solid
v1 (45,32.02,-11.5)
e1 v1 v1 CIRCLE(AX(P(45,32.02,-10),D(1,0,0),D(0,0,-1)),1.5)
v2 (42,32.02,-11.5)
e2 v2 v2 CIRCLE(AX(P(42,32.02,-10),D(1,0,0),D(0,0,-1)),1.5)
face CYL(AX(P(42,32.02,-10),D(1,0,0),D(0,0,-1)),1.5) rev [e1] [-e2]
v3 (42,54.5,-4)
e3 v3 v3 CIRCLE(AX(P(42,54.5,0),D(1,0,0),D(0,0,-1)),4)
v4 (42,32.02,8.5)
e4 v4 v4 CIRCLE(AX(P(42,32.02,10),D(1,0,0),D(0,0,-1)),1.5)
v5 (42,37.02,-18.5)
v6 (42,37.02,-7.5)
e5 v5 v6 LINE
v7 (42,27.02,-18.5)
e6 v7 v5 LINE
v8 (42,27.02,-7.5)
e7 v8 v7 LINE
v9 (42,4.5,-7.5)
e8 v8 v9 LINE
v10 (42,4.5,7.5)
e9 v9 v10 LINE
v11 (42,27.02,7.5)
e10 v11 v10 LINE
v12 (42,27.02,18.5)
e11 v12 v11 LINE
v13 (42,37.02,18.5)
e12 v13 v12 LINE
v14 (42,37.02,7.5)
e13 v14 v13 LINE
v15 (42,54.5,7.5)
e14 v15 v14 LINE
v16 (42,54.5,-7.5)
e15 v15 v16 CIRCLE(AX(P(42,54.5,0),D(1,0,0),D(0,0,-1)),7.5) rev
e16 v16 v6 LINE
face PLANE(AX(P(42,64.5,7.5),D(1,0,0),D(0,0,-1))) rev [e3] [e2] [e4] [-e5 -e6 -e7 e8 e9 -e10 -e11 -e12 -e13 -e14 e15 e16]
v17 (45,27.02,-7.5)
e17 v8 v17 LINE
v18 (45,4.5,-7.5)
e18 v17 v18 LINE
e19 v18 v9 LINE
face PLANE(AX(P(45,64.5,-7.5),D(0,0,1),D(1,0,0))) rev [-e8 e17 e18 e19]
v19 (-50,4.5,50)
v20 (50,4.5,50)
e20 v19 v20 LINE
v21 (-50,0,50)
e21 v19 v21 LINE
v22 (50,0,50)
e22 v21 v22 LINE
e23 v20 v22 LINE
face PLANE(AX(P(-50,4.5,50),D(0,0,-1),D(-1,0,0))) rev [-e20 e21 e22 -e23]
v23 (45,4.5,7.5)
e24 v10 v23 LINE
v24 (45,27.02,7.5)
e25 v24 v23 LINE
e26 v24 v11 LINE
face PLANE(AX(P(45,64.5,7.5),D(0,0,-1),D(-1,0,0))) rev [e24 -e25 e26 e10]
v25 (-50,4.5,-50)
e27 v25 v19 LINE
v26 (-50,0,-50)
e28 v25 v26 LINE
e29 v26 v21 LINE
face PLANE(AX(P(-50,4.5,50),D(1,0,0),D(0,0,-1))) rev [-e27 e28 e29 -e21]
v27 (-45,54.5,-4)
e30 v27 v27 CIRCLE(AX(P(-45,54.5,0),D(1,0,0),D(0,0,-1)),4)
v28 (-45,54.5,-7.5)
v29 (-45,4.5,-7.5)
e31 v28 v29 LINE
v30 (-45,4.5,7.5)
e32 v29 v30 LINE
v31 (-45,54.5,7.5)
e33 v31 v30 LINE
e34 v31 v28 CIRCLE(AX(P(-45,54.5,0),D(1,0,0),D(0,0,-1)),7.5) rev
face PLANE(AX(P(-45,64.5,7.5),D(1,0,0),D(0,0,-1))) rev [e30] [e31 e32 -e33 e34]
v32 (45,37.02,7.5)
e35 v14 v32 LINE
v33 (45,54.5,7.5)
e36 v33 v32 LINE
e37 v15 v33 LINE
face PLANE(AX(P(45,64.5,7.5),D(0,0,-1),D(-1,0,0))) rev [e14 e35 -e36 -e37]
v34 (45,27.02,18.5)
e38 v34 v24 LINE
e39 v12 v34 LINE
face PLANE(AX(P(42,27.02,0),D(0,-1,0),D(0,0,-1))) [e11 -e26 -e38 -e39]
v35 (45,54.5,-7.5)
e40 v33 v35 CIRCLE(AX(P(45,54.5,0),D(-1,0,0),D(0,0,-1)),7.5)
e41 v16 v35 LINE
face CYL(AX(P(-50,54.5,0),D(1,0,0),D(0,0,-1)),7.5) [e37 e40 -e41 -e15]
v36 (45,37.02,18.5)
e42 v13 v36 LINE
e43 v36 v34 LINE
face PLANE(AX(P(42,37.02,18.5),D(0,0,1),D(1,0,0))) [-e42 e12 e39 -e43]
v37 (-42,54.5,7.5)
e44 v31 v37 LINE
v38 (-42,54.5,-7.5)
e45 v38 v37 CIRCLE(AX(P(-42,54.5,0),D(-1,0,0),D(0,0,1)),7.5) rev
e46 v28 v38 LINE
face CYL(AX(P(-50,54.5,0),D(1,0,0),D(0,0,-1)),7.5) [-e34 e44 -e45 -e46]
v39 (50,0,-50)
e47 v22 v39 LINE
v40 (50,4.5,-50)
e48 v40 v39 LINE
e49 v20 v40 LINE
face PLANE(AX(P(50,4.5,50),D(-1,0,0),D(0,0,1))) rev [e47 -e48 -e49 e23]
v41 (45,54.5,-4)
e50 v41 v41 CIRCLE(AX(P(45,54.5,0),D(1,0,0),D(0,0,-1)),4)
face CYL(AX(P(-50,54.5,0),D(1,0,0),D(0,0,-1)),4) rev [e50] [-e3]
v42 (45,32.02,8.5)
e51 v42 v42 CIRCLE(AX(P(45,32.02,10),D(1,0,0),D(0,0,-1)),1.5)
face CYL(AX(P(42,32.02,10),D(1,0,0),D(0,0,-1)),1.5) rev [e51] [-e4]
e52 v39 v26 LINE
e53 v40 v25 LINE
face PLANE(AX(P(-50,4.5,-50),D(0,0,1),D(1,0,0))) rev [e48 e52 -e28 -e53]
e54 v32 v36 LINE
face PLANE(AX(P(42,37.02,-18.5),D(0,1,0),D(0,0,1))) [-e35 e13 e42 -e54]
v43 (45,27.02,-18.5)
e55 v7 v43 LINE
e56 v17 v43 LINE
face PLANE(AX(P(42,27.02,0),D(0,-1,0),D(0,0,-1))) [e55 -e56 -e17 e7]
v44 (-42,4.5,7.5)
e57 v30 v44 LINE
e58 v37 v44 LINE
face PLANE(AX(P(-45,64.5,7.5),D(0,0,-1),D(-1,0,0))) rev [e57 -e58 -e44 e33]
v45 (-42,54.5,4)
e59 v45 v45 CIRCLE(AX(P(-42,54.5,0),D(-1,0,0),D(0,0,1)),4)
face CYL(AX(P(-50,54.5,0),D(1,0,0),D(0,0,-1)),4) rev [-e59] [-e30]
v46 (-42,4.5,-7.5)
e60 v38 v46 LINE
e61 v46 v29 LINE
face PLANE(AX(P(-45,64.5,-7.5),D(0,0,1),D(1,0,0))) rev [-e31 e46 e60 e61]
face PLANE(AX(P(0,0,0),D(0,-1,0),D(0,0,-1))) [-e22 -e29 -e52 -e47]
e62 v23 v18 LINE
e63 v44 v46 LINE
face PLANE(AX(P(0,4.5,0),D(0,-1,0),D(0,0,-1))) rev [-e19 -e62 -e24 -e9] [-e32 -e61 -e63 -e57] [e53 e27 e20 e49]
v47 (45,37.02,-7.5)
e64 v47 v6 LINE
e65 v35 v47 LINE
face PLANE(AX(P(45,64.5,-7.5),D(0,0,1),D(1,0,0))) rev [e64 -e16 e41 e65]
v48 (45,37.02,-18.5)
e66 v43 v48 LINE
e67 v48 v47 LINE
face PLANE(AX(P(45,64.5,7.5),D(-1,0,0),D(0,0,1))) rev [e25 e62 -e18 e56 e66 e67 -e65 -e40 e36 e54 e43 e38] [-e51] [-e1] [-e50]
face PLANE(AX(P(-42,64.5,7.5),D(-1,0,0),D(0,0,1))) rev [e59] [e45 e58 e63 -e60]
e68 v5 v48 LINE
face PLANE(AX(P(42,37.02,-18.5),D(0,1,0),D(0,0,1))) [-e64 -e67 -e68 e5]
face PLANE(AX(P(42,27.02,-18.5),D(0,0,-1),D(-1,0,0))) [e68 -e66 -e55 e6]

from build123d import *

# Parameters (mm, degrees)
SKETCH1_W           = 100
SKETCH1_H           = 100
BOSS_EXTRUDE1_DEPTH = 4.5
SKETCH2_W           = 3
SKETCH2_H           = 15
BOSS_EXTRUDE2_DEPTH = 60
SKETCH3_R           = 4
CUT_EXTRUDE1_DEPTH  = 96
SKETCH4_R           = 1.5
BOSS_EXTRUDE3_DEPTH = 3


with BuildPart() as part:
    # Sketch1 → Boss-Extrude1 (new body)
    with BuildSketch(Plane(origin=(0, 0, 0), x_dir=(1, 0, 0), z_dir=(0, 1, 0))):
        Rectangle(SKETCH1_W, SKETCH1_H)
    extrude(amount=BOSS_EXTRUDE1_DEPTH)

    # Sketch2 → Boss-Extrude2 (add)
    with BuildSketch(Plane(origin=(0, 4.5, 0), x_dir=(1, 0, 0), z_dir=(0, 1, 0))):
        with Locations((43.5, 0)):
            Rectangle(SKETCH2_W, SKETCH2_H)
        with Locations((-43.5, 0)):
            Rectangle(SKETCH2_W, SKETCH2_H)
    extrude(amount=BOSS_EXTRUDE2_DEPTH)

    # Sketch3 → Cut-Extrude1 (cut, through all)
    with BuildSketch(Plane(origin=(45, 0, 0), x_dir=(0, 0, -1), z_dir=(1, 0, 0))):
        with Locations((0, 54.5)):
            Circle(SKETCH3_R)
        with BuildLine():
            Line((-7.5, 54.5), (-7.5, 64.5))
            Line((-7.5, 64.5), (7.5, 64.5))
            Line((7.5, 64.5), (7.5, 54.5))
            ThreePointArc((7.5, 54.5), (0, 62), (-7.5, 54.5))
        make_face()
    extrude(amount=-CUT_EXTRUDE1_DEPTH, mode=Mode.SUBTRACT)

    # Sketch4 → Boss-Extrude3 (add)
    with BuildSketch(Plane(origin=(45, 0, 0), x_dir=(0, 0, -1), z_dir=(1, 0, 0))):
        Polygon((0, 27.02), (18.5, 27.02), (18.5, 37.02), (-18.5, 37.02), (-18.5, 27.02), align=None)
        with Locations((-10, 32.02)):
            Circle(SKETCH4_R, mode=Mode.SUBTRACT)
        with Locations((10, 32.02)):
            Circle(SKETCH4_R, mode=Mode.SUBTRACT)
    extrude(amount=-BOSS_EXTRUDE3_DEPTH)


solid = part.part
